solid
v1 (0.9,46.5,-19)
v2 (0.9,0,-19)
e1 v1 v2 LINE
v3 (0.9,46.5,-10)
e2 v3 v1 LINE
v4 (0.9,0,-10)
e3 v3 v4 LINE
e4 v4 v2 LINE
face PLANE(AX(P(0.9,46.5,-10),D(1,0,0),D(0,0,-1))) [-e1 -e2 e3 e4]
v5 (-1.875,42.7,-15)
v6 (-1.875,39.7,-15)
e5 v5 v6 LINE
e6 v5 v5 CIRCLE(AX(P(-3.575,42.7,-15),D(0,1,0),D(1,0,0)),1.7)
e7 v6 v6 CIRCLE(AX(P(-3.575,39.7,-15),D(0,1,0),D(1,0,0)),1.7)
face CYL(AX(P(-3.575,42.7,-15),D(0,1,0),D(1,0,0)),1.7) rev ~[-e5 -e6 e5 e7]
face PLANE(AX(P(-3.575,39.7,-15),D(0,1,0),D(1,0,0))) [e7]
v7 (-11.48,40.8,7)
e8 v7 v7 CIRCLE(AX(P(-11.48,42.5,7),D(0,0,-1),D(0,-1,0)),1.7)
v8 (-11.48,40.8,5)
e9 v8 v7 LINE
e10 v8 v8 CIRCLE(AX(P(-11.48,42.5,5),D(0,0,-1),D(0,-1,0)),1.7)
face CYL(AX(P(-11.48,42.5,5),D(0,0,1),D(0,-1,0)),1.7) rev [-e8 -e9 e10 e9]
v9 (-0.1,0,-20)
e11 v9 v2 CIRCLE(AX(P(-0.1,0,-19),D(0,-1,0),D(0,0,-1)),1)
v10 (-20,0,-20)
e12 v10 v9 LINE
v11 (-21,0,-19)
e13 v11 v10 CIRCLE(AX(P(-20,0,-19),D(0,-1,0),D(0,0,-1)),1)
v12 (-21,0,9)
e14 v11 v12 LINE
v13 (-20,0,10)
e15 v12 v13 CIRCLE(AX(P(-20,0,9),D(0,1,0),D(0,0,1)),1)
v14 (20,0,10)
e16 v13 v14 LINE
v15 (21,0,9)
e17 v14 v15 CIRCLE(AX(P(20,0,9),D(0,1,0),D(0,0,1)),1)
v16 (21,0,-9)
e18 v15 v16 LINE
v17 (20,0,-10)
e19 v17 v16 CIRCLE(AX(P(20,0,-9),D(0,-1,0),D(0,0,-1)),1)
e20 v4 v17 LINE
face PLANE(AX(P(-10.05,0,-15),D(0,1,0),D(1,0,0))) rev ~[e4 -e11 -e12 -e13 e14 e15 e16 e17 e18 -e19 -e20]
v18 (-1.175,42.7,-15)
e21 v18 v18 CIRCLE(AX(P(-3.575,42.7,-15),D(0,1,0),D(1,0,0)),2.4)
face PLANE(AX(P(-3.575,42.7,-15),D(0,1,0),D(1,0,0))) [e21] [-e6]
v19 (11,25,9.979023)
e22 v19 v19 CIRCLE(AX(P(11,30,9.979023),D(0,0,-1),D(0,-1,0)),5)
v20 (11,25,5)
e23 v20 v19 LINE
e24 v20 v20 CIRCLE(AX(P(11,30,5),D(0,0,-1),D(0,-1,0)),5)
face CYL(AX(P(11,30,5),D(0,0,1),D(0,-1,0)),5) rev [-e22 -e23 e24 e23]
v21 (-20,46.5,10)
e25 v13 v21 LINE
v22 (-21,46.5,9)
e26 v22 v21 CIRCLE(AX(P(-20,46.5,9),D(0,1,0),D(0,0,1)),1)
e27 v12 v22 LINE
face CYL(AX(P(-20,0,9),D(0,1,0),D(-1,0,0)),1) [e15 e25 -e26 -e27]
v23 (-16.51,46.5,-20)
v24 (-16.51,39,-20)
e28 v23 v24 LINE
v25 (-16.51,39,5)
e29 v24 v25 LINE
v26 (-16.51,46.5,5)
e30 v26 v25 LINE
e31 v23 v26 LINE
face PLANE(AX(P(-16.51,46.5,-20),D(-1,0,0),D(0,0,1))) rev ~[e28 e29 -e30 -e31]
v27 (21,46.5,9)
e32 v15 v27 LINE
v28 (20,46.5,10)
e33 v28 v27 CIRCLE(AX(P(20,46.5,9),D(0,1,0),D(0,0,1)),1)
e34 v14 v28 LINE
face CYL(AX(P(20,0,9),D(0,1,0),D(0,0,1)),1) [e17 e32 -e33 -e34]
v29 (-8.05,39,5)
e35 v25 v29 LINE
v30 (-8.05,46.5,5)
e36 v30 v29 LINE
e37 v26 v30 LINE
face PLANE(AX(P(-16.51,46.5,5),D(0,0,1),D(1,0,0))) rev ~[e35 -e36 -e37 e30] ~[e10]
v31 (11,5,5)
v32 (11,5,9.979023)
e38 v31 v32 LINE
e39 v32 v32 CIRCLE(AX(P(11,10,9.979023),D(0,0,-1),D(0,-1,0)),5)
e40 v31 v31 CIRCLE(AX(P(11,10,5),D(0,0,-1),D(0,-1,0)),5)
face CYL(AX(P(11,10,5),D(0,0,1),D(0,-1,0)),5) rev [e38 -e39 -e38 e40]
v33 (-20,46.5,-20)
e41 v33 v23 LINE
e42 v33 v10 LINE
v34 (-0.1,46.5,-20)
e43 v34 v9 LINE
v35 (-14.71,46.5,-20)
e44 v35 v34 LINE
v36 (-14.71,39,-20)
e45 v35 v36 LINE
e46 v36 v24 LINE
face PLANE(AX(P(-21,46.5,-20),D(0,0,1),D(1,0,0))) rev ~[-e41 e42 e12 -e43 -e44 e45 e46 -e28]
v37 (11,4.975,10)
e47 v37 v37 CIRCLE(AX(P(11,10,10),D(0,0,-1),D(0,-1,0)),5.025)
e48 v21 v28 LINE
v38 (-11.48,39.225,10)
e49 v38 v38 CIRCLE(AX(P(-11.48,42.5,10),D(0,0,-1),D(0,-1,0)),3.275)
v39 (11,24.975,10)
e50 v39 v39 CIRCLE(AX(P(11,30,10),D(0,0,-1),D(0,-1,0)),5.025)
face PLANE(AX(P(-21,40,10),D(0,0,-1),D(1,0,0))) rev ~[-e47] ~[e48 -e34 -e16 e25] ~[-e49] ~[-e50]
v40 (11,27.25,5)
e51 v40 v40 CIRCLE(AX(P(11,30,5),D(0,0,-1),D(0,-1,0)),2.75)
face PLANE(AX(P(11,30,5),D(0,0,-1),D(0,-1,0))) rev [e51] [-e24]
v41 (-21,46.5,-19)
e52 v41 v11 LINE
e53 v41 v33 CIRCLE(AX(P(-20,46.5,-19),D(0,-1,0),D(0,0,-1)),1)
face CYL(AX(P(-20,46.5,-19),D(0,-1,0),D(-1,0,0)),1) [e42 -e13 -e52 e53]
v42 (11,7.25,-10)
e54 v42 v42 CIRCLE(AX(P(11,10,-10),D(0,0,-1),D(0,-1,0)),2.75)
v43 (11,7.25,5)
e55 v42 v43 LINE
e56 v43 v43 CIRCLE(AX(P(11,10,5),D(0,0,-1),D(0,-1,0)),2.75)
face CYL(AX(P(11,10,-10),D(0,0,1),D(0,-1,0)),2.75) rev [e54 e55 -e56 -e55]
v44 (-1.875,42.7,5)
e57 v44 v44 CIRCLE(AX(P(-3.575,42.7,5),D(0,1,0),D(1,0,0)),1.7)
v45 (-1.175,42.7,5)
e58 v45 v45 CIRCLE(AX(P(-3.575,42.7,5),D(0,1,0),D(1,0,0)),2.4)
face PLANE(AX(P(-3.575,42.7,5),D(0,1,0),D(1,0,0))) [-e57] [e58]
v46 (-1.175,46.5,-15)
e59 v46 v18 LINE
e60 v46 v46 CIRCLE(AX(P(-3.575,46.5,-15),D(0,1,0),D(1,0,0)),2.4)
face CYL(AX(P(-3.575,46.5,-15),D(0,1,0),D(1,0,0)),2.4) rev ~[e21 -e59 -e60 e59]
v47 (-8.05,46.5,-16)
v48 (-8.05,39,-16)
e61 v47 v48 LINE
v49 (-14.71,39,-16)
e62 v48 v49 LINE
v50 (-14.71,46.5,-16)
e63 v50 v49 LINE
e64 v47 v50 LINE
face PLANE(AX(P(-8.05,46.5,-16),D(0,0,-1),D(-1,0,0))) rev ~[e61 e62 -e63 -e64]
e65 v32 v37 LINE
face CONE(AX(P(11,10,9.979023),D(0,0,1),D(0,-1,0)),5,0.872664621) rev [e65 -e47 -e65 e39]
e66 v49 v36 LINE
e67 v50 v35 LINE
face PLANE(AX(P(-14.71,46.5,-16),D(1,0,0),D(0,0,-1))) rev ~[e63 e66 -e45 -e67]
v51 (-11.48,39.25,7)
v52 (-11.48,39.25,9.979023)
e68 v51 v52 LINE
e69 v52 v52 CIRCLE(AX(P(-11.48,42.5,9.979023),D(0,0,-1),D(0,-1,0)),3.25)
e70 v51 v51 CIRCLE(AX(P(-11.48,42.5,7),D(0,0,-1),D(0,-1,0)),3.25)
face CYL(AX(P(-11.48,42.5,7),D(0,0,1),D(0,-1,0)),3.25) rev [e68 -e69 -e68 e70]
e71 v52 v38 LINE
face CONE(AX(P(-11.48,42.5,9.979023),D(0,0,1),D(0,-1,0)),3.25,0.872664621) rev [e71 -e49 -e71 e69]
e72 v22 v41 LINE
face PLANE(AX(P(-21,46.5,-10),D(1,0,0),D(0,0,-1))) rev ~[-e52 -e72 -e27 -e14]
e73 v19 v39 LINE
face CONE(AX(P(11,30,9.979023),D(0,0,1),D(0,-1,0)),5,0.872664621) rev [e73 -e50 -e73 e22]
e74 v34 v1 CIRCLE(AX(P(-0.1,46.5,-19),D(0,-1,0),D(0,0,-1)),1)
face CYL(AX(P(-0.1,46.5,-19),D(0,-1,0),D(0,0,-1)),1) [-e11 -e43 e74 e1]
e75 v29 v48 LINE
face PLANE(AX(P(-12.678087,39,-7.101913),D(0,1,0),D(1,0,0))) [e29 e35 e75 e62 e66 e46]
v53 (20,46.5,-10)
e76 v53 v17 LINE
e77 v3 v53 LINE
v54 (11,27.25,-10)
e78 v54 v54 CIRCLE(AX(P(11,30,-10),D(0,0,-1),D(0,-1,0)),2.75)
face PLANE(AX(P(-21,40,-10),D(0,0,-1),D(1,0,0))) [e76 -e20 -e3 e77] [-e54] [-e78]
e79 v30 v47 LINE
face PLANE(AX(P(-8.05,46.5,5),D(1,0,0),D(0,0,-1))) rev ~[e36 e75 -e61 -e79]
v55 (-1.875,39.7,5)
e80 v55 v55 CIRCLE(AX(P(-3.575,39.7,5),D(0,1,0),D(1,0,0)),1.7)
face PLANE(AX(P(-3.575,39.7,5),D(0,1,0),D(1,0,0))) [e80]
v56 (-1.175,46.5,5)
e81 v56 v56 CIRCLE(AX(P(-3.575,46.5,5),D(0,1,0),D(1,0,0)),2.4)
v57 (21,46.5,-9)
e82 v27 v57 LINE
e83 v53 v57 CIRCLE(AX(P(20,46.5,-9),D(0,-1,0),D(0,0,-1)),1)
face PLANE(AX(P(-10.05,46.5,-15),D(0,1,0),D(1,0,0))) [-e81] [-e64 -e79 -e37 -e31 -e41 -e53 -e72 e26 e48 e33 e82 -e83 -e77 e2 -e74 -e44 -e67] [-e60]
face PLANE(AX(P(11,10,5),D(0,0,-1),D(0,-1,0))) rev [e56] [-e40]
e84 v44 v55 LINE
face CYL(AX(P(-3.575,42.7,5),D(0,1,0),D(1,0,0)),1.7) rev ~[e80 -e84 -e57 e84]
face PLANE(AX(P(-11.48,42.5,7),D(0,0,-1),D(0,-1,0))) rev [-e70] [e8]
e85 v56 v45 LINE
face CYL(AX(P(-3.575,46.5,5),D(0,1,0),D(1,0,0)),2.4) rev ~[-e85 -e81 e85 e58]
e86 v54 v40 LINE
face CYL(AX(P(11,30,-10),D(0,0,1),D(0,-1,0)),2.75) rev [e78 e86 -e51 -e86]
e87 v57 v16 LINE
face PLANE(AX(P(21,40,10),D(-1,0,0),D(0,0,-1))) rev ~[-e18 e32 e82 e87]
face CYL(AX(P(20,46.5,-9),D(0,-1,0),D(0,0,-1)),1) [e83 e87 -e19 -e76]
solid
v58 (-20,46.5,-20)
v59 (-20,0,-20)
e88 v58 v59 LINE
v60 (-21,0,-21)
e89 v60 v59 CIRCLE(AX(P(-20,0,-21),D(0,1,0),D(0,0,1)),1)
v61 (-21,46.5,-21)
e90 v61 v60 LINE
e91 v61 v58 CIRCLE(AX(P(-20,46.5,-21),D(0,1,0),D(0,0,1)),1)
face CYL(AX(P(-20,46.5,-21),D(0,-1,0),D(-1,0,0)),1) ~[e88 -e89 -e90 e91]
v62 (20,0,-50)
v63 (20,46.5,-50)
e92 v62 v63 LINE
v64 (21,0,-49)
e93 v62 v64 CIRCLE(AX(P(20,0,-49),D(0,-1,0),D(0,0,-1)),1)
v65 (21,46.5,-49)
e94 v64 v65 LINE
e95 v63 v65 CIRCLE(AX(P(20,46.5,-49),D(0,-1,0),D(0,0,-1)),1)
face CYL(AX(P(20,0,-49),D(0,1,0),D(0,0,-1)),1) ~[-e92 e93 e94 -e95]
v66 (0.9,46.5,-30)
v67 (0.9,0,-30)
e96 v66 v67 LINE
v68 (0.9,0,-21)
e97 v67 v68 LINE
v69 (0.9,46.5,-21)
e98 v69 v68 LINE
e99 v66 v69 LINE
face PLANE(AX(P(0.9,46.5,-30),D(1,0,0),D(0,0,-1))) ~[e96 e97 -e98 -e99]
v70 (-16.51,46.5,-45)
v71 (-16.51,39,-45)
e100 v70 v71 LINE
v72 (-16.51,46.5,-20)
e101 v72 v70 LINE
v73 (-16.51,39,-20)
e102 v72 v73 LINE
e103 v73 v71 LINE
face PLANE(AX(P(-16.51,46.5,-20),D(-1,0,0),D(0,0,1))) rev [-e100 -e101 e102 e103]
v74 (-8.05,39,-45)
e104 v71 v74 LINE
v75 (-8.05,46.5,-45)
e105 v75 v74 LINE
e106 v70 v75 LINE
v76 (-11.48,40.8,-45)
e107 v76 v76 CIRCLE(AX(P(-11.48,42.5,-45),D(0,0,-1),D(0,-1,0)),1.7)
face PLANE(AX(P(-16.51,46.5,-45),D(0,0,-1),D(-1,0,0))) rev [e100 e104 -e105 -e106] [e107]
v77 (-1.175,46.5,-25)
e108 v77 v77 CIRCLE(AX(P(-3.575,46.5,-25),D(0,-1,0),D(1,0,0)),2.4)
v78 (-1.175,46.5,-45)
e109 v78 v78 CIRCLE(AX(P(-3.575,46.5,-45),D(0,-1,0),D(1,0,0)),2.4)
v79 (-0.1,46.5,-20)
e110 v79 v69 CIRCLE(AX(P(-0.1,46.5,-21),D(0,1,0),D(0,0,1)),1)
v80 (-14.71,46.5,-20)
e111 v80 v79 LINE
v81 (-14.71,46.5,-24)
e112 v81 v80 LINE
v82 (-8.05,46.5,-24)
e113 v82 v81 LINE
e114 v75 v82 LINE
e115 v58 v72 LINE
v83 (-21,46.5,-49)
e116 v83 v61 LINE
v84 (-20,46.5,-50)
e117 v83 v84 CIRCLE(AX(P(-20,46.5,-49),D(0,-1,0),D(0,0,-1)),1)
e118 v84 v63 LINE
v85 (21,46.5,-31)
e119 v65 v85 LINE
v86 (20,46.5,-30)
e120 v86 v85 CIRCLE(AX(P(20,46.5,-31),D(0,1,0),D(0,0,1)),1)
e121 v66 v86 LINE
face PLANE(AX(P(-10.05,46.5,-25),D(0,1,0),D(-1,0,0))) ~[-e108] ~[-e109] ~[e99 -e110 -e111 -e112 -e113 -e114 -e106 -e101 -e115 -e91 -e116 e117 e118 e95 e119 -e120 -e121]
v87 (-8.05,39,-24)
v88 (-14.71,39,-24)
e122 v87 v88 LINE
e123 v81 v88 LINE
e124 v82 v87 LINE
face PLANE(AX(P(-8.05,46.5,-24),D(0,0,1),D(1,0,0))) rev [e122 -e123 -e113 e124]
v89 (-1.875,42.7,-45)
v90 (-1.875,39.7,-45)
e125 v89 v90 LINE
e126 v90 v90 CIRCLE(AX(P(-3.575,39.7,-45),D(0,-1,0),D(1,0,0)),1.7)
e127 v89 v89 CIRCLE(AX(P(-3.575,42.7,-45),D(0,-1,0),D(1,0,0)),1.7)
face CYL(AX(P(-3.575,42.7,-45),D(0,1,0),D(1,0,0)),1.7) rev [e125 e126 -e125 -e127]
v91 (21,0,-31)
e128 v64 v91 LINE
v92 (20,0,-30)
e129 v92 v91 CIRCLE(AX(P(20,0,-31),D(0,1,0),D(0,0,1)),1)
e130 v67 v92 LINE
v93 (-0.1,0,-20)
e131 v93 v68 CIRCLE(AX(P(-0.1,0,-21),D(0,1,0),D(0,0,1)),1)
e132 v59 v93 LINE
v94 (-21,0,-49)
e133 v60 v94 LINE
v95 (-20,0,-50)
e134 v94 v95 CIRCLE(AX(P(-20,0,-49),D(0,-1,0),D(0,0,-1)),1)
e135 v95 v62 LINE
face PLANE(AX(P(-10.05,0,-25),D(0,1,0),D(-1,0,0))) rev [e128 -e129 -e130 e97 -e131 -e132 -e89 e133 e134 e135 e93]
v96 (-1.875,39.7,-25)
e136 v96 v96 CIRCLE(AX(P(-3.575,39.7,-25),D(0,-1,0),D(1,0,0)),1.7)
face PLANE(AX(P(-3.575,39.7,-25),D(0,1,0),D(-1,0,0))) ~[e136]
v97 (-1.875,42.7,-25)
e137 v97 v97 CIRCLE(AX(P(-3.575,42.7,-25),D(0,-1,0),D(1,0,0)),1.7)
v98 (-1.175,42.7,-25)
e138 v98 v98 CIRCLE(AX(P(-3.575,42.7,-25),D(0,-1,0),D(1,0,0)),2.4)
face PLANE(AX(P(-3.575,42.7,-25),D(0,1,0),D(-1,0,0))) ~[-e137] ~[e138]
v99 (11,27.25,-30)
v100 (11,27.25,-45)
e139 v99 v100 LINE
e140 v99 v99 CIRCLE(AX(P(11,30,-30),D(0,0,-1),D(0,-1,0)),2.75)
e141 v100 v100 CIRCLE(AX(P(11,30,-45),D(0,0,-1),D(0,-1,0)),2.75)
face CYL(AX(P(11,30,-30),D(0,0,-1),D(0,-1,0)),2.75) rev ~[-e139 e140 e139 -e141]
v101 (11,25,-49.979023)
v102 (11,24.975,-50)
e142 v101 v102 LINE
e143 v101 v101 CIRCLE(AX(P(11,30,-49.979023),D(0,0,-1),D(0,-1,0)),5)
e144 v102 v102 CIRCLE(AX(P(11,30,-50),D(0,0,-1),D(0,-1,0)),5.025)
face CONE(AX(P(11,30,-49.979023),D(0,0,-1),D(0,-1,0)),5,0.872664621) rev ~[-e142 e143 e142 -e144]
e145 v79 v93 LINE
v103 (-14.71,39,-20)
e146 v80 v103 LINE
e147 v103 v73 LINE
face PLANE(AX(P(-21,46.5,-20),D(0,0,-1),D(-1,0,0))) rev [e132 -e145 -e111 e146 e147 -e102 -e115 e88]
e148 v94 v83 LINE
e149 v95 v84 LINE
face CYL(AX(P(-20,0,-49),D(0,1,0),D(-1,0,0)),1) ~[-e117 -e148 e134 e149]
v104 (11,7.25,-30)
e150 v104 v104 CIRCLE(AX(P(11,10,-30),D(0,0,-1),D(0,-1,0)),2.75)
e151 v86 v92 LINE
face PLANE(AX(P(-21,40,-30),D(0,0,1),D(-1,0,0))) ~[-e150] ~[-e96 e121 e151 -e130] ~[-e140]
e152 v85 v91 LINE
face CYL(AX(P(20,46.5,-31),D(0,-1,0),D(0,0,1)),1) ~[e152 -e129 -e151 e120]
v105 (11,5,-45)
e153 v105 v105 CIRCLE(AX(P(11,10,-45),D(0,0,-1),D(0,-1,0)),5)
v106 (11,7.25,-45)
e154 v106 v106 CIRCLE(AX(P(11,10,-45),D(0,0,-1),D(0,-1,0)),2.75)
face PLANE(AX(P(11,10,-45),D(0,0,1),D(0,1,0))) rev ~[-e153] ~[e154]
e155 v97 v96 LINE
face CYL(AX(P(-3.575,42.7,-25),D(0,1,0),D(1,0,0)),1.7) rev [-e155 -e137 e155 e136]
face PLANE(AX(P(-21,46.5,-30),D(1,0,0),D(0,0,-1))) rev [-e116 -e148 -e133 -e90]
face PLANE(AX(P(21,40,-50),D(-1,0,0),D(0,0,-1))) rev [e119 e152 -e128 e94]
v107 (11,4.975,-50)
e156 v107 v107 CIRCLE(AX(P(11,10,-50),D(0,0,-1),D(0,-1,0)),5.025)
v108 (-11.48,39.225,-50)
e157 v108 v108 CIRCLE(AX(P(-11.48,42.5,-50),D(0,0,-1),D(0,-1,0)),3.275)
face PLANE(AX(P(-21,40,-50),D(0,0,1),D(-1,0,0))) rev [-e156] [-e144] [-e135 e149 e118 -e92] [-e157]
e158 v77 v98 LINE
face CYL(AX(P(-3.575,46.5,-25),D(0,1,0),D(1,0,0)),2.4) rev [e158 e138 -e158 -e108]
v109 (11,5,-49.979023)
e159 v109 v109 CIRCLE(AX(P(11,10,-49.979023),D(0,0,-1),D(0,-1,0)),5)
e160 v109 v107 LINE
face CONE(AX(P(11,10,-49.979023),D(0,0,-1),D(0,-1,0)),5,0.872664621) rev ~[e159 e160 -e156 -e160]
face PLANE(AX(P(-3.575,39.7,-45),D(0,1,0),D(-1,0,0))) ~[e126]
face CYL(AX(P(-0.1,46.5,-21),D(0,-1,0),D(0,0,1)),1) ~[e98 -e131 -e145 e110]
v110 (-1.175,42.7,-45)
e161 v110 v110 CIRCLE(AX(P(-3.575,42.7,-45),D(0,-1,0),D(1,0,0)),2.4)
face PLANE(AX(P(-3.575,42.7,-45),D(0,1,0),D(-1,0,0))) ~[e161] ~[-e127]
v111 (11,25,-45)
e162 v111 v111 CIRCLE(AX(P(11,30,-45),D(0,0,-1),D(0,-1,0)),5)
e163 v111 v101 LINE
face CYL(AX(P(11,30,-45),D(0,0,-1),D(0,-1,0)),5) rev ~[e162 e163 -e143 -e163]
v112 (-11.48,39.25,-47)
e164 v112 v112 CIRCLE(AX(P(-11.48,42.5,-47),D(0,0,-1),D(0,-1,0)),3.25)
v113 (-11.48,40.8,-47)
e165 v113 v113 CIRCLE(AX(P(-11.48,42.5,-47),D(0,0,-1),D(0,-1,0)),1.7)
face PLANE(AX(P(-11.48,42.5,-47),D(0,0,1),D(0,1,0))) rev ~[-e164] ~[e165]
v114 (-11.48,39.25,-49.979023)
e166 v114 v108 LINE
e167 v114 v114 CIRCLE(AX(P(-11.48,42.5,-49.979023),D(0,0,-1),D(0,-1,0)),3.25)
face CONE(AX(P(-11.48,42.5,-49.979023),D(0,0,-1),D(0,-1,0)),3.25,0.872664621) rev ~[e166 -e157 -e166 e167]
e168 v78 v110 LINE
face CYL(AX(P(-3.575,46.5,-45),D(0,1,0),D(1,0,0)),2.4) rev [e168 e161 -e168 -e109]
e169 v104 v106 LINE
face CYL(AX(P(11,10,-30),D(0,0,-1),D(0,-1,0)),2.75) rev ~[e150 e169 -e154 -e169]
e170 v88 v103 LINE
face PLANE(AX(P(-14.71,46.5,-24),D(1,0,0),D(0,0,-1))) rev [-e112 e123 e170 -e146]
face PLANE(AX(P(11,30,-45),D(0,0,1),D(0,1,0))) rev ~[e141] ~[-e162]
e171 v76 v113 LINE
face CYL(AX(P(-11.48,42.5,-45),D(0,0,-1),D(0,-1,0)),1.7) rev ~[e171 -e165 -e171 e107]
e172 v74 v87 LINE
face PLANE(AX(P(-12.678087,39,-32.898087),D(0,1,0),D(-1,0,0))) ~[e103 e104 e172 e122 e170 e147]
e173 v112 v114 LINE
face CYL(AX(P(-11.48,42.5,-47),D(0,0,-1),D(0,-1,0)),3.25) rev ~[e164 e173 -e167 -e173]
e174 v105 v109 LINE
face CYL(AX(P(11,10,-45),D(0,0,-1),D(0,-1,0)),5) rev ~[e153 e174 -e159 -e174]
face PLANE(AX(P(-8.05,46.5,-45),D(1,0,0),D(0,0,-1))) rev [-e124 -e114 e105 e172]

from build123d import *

# Parameters (mm, degrees)
SKETCH1_W                     = 42
SKETCH1_H                     = 20
BOSS_EXTRUDE1_DEPTH           = 40
CBORE_FOR_M5_SHCS1_AT_2_COUNT = 2
CBORE_FOR_M5_SHCS1_AT_2_PITCH = 20
SKETCH5_W                     = 42
SKETCH5_H                     = 20
BOSS_EXTRUDE2_DEPTH           = 6.5
SKETCH12_W                    = 21.9
SKETCH12_H                    = 10
BOSS_EXTRUDE3_DEPTH           = 46.5
CUT_EXTRUDE1_DEPTH            = 7.5
FILLET1_R                     = 1
SKETCH14_R                    = 2.4
CUT_EXTRUDE2_DEPTH            = 3.8
SKETCH15_R                    = 1.7
CUT_EXTRUDE3_DEPTH            = 3


with BuildPart() as part:
    # Sketch1 → Boss-Extrude1 (new body)
    with BuildSketch(Plane(origin=(0, 0, 0), x_dir=(1, 0, 0), z_dir=(0, 1, 0))):
        Rectangle(SKETCH1_W, SKETCH1_H)
    extrude(amount=BOSS_EXTRUDE1_DEPTH)

    # Sketch4 → CBORE for M5 SHCS1 (revolve, cut)
    with BuildSketch(Plane(origin=(11, 30, 10), x_dir=(0, -1, 0), z_dir=(1, 0, 0))):
        Polygon((0, 0), (0, 20), (2.75, 20), (2.75, 5), (5, 5), (5, 0.020977491), (5.025, 0), align=None)
    cbore_for_m5_shcs1 = revolve(axis=Axis((11, 30, 16.35), (0, 0, -1)), mode=Mode.SUBTRACT)

    # CBORE for M5 SHCS1 at 2: CBORE for M5 SHCS1 ×2
    with Locations(*[(0, -i * CBORE_FOR_M5_SHCS1_AT_2_PITCH, 0) for i in range(1, CBORE_FOR_M5_SHCS1_AT_2_COUNT)]):
        add(cbore_for_m5_shcs1, mode=Mode.SUBTRACT)

    # Sketch5 → Boss-Extrude2 (add)
    with BuildSketch(Plane(origin=(0, 40, 0), x_dir=(1, 0, 0), z_dir=(0, 1, 0))):
        Rectangle(SKETCH5_W, SKETCH5_H)
    extrude(amount=BOSS_EXTRUDE2_DEPTH)

    # Sketch12 → Boss-Extrude3 (add)
    with BuildSketch(Plane(origin=(0, 46.5, 0), x_dir=(1, 0, 0), z_dir=(0, 1, 0))):
        with Locations((-10.05, 15)):
            Rectangle(SKETCH12_W, SKETCH12_H)
    extrude(amount=-BOSS_EXTRUDE3_DEPTH)

    # Sketch6 → Cut-Extrude1 (cut)
    with BuildSketch(Plane(origin=(0, 46.5, 0), x_dir=(1, 0, 0), z_dir=(0, 1, 0))):
        Polygon((-16.51, 20), (-16.51, -5), (-8.05, -5), (-8.05, 16), (-14.71, 16), (-14.71, 20), align=None)
    extrude(amount=-CUT_EXTRUDE1_DEPTH, mode=Mode.SUBTRACT)

    # Fillet1
    fillet1_edges = [part.edges().sort_by_distance(p)[0] for p in [
        (0.9, 23.25, -20),
        (-21, 23.25, -20),
        (21, 23.25, -10),
        (21, 23.25, 10),
        (-21, 23.25, 10),
    ]]
    fillet(fillet1_edges, radius=FILLET1_R)

    # Sketch11 → CBORE for M3 SHCS1 (revolve, cut)
    with BuildSketch(Plane(origin=(-11.48, 42.5, 10), x_dir=(0, -1, 0), z_dir=(1, 0, 0))):
        Polygon((0, 0), (0, 6.021463052), (1.7, 5), (1.7, 3), (3.25, 3), (3.25, 0.020977491), (3.275, 0), align=None)
    revolve(axis=Axis((-11.48, 42.5, 16.35), (0, 0, -1)), mode=Mode.SUBTRACT)

    # Sketch14 → Cut-Extrude2 (cut)
    with BuildSketch(Plane(origin=(0, 46.5, 0), x_dir=(1, 0, 0), z_dir=(0, 1, 0))):
        with Locations((-3.575, 15)):
            Circle(SKETCH14_R)
        with Locations((-3.575, -5)):
            Circle(SKETCH14_R)
    extrude(amount=-CUT_EXTRUDE2_DEPTH, mode=Mode.SUBTRACT)

    # Sketch15 → Cut-Extrude3 (cut)
    with BuildSketch(Plane(origin=(0, 42.7, 0), x_dir=(1, 0, 0), z_dir=(0, 1, 0))):
        with Locations((-3.575, 15)):
            Circle(SKETCH15_R)
        with Locations((-3.575, -5)):
            Circle(SKETCH15_R)
    extrude(amount=-CUT_EXTRUDE3_DEPTH, mode=Mode.SUBTRACT)


with BuildPart() as body_2:
    # Mirror1: mirrored copy
    add(part.part.mirror(Plane(origin=(-21, -24.075090862, -20), x_dir=(1, 0, 0), z_dir=(0, 0, -1))))


solid = Compound([part.part, body_2.part])
